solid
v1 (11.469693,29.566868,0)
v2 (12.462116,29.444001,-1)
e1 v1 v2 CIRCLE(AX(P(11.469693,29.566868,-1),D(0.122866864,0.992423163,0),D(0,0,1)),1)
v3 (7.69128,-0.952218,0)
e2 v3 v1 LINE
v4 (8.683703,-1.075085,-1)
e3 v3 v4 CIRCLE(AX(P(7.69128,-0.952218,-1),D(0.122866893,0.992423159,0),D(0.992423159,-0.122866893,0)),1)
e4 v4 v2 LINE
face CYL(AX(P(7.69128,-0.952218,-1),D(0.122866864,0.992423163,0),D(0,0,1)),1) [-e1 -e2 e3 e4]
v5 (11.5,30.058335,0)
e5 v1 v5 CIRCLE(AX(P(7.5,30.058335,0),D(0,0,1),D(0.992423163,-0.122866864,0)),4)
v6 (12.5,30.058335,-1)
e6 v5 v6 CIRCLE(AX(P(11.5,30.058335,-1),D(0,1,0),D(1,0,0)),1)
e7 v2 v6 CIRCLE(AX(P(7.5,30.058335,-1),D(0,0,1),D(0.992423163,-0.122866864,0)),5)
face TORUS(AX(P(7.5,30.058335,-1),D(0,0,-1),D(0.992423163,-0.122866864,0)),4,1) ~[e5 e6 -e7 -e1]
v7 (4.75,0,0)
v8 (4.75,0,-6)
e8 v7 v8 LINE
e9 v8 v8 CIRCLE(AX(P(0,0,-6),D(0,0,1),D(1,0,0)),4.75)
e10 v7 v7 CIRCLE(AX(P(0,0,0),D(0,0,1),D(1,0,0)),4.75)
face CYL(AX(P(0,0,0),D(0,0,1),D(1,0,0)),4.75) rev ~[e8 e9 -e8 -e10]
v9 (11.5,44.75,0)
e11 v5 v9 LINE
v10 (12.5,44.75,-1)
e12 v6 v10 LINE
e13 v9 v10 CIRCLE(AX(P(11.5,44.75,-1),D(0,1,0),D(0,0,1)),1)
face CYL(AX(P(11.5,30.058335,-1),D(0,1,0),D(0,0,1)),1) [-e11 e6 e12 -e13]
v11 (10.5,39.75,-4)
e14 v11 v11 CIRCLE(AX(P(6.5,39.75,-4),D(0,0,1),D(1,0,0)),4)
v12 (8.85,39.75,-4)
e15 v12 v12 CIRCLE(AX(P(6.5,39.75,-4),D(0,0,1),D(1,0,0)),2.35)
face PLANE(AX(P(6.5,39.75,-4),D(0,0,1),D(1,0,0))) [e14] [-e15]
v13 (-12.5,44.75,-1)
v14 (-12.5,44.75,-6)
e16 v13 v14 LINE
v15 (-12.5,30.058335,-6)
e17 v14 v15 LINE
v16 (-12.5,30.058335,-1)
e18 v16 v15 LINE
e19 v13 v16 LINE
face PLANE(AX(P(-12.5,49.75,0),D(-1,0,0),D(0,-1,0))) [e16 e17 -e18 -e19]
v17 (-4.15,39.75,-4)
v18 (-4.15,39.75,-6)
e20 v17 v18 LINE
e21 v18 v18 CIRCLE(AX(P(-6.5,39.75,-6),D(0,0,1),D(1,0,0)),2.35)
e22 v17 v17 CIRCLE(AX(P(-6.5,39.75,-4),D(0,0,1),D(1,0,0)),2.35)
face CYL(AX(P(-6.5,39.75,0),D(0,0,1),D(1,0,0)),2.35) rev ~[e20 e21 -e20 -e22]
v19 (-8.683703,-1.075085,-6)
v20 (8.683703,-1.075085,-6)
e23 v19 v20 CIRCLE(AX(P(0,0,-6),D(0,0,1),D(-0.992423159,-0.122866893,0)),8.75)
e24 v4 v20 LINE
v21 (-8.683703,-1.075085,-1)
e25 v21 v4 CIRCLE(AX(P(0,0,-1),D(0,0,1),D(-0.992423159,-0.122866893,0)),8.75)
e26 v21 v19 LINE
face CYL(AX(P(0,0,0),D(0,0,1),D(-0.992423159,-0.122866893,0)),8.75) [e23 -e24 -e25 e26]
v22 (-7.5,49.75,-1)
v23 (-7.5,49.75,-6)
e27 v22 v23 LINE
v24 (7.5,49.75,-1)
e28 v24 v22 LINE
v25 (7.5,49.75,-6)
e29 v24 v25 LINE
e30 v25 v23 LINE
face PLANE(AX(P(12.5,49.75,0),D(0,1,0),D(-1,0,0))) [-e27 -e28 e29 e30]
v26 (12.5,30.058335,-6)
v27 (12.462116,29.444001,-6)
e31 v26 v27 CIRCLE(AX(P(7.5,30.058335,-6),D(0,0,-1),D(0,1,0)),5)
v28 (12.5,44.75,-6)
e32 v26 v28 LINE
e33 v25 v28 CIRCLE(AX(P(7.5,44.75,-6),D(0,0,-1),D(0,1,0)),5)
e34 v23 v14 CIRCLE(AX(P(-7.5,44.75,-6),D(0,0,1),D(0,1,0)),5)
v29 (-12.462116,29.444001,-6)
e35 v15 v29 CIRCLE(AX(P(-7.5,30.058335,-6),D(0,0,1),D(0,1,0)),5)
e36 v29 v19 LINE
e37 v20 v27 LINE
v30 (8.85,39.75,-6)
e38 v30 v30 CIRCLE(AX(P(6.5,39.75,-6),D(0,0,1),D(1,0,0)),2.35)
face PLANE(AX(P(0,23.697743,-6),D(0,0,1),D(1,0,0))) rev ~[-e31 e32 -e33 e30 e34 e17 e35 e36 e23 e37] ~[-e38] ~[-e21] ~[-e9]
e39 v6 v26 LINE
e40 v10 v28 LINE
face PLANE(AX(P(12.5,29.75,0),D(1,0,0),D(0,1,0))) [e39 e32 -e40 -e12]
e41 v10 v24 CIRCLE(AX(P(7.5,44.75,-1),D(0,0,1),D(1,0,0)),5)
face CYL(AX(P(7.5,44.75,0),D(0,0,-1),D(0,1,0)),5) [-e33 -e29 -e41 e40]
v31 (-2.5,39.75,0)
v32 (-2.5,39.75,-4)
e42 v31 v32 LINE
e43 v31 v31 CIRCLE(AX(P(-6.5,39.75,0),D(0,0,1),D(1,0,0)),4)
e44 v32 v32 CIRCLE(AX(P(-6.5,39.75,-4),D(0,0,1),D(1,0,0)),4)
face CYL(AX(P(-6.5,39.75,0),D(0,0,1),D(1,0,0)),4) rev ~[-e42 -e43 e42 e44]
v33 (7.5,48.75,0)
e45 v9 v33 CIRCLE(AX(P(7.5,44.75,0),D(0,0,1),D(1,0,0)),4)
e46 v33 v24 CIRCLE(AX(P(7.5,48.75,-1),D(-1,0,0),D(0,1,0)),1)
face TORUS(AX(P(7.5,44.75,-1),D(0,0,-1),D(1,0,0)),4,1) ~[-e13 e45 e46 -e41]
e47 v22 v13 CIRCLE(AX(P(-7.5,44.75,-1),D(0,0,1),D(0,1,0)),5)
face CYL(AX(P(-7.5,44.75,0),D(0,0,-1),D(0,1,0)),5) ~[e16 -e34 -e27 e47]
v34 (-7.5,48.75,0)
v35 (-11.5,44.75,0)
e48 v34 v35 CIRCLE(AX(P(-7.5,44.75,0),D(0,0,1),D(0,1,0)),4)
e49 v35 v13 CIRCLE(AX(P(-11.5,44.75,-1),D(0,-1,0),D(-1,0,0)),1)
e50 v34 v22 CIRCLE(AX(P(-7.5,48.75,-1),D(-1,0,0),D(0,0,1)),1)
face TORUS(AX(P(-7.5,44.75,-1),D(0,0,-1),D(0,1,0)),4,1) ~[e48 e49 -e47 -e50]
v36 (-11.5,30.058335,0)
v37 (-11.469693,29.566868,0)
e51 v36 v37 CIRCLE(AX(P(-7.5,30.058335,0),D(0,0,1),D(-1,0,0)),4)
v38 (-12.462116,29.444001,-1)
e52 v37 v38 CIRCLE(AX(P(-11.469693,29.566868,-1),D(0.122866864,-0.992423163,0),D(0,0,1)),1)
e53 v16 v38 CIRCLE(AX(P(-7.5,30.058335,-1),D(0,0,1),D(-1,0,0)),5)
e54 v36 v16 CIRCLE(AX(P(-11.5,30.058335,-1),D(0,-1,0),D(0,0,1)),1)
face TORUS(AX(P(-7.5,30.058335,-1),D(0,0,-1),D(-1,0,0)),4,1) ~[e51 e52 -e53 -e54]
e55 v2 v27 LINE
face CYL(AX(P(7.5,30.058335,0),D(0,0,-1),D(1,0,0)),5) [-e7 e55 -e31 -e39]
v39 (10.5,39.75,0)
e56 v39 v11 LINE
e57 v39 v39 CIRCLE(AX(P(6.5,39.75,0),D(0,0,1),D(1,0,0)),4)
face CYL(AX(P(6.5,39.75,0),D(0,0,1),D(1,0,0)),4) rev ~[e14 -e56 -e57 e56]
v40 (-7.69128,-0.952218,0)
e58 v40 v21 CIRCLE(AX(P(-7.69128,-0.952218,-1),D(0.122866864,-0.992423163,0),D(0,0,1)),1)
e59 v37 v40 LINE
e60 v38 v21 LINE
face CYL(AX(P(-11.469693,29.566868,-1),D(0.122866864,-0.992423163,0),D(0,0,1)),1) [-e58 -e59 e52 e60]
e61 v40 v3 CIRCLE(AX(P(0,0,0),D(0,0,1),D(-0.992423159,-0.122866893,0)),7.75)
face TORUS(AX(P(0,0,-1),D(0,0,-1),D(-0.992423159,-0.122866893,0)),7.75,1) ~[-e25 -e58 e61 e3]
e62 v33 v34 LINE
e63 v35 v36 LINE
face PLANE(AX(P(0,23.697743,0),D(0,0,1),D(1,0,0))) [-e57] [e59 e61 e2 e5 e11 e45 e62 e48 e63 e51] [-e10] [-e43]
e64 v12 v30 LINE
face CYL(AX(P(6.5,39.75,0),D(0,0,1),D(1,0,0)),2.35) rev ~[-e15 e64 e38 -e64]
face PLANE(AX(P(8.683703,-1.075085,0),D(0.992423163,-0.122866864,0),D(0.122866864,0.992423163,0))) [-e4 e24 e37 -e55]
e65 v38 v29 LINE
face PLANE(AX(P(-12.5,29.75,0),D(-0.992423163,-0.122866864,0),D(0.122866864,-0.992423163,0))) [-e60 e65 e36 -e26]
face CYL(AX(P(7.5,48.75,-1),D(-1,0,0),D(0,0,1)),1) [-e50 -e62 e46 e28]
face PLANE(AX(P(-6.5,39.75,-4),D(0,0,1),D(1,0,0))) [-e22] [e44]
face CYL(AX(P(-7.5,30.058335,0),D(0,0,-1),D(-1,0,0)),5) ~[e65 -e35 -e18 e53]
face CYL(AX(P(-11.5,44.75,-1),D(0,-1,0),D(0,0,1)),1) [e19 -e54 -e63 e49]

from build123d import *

# Parameters (mm, degrees)
F0_R     = 4.75
F0_R_2   = 4
F0_R_3   = 2.35
F1_DEPTH = 6
F2_DEPTH = 4
F3_R     = 5
F4_R     = 1


with BuildPart() as f1:
    # F0 (on Top) → F1 (new body)
    with BuildSketch(Plane.XY):
        with BuildLine():
            Line((12.5, 49.75), (-12.5, 49.75))
            Line((-12.5, 49.75), (-12.5, 29.75))
            Line((-12.5, 29.75), (-8.683703, -1.075085))
            ThreePointArc((-8.683703, -1.075085), (0, -8.75), (8.683703, -1.075085))
            Line((8.683703, -1.075085), (12.5, 29.75))
            Line((12.5, 29.75), (12.5, 49.75))
        make_face()
        Circle(F0_R, mode=Mode.SUBTRACT)
        with Locations((-6.5, 39.75)):
            Circle(F0_R_2, mode=Mode.SUBTRACT)
        with Locations((6.5, 39.75)):
            Circle(F0_R_2, mode=Mode.SUBTRACT)
        with Locations((-6.5, 39.75)):
            Circle(F0_R_2)
        with Locations((-6.5, 39.75)):
            Circle(F0_R_3, mode=Mode.SUBTRACT)
        with Locations((6.5, 39.75)):
            Circle(F0_R_2)
        with Locations((6.5, 39.75)):
            Circle(F0_R_3, mode=Mode.SUBTRACT)
    extrude(amount=-F1_DEPTH)

    # F0 (on Top) → F2 (cut)
    with BuildSketch(Plane.XY):
        with Locations((-6.5, 39.75)):
            Circle(F0_R_2)
        with Locations((-6.5, 39.75)):
            Circle(F0_R_3, mode=Mode.SUBTRACT)
        with Locations((6.5, 39.75)):
            Circle(F0_R_2)
        with Locations((6.5, 39.75)):
            Circle(F0_R_3, mode=Mode.SUBTRACT)
    extrude(amount=-F2_DEPTH, mode=Mode.SUBTRACT)

    # F3
    f3_edges = [f1.edges().sort_by_distance(p)[0] for p in [
        (-12.5, 49.75, -3),
        (12.5, 49.75, -3),
        (-12.5, 29.75, -3),
        (12.5, 29.75, -3),
    ]]
    fillet(f3_edges, radius=F3_R)

    # F4
    f4_edges = [f1.edges().sort_by_distance(p)[0] for p in [
        (-10.572909, 14.184458, 0),
    ]]
    fillet(f4_edges, radius=F4_R)


solid = f1.part
